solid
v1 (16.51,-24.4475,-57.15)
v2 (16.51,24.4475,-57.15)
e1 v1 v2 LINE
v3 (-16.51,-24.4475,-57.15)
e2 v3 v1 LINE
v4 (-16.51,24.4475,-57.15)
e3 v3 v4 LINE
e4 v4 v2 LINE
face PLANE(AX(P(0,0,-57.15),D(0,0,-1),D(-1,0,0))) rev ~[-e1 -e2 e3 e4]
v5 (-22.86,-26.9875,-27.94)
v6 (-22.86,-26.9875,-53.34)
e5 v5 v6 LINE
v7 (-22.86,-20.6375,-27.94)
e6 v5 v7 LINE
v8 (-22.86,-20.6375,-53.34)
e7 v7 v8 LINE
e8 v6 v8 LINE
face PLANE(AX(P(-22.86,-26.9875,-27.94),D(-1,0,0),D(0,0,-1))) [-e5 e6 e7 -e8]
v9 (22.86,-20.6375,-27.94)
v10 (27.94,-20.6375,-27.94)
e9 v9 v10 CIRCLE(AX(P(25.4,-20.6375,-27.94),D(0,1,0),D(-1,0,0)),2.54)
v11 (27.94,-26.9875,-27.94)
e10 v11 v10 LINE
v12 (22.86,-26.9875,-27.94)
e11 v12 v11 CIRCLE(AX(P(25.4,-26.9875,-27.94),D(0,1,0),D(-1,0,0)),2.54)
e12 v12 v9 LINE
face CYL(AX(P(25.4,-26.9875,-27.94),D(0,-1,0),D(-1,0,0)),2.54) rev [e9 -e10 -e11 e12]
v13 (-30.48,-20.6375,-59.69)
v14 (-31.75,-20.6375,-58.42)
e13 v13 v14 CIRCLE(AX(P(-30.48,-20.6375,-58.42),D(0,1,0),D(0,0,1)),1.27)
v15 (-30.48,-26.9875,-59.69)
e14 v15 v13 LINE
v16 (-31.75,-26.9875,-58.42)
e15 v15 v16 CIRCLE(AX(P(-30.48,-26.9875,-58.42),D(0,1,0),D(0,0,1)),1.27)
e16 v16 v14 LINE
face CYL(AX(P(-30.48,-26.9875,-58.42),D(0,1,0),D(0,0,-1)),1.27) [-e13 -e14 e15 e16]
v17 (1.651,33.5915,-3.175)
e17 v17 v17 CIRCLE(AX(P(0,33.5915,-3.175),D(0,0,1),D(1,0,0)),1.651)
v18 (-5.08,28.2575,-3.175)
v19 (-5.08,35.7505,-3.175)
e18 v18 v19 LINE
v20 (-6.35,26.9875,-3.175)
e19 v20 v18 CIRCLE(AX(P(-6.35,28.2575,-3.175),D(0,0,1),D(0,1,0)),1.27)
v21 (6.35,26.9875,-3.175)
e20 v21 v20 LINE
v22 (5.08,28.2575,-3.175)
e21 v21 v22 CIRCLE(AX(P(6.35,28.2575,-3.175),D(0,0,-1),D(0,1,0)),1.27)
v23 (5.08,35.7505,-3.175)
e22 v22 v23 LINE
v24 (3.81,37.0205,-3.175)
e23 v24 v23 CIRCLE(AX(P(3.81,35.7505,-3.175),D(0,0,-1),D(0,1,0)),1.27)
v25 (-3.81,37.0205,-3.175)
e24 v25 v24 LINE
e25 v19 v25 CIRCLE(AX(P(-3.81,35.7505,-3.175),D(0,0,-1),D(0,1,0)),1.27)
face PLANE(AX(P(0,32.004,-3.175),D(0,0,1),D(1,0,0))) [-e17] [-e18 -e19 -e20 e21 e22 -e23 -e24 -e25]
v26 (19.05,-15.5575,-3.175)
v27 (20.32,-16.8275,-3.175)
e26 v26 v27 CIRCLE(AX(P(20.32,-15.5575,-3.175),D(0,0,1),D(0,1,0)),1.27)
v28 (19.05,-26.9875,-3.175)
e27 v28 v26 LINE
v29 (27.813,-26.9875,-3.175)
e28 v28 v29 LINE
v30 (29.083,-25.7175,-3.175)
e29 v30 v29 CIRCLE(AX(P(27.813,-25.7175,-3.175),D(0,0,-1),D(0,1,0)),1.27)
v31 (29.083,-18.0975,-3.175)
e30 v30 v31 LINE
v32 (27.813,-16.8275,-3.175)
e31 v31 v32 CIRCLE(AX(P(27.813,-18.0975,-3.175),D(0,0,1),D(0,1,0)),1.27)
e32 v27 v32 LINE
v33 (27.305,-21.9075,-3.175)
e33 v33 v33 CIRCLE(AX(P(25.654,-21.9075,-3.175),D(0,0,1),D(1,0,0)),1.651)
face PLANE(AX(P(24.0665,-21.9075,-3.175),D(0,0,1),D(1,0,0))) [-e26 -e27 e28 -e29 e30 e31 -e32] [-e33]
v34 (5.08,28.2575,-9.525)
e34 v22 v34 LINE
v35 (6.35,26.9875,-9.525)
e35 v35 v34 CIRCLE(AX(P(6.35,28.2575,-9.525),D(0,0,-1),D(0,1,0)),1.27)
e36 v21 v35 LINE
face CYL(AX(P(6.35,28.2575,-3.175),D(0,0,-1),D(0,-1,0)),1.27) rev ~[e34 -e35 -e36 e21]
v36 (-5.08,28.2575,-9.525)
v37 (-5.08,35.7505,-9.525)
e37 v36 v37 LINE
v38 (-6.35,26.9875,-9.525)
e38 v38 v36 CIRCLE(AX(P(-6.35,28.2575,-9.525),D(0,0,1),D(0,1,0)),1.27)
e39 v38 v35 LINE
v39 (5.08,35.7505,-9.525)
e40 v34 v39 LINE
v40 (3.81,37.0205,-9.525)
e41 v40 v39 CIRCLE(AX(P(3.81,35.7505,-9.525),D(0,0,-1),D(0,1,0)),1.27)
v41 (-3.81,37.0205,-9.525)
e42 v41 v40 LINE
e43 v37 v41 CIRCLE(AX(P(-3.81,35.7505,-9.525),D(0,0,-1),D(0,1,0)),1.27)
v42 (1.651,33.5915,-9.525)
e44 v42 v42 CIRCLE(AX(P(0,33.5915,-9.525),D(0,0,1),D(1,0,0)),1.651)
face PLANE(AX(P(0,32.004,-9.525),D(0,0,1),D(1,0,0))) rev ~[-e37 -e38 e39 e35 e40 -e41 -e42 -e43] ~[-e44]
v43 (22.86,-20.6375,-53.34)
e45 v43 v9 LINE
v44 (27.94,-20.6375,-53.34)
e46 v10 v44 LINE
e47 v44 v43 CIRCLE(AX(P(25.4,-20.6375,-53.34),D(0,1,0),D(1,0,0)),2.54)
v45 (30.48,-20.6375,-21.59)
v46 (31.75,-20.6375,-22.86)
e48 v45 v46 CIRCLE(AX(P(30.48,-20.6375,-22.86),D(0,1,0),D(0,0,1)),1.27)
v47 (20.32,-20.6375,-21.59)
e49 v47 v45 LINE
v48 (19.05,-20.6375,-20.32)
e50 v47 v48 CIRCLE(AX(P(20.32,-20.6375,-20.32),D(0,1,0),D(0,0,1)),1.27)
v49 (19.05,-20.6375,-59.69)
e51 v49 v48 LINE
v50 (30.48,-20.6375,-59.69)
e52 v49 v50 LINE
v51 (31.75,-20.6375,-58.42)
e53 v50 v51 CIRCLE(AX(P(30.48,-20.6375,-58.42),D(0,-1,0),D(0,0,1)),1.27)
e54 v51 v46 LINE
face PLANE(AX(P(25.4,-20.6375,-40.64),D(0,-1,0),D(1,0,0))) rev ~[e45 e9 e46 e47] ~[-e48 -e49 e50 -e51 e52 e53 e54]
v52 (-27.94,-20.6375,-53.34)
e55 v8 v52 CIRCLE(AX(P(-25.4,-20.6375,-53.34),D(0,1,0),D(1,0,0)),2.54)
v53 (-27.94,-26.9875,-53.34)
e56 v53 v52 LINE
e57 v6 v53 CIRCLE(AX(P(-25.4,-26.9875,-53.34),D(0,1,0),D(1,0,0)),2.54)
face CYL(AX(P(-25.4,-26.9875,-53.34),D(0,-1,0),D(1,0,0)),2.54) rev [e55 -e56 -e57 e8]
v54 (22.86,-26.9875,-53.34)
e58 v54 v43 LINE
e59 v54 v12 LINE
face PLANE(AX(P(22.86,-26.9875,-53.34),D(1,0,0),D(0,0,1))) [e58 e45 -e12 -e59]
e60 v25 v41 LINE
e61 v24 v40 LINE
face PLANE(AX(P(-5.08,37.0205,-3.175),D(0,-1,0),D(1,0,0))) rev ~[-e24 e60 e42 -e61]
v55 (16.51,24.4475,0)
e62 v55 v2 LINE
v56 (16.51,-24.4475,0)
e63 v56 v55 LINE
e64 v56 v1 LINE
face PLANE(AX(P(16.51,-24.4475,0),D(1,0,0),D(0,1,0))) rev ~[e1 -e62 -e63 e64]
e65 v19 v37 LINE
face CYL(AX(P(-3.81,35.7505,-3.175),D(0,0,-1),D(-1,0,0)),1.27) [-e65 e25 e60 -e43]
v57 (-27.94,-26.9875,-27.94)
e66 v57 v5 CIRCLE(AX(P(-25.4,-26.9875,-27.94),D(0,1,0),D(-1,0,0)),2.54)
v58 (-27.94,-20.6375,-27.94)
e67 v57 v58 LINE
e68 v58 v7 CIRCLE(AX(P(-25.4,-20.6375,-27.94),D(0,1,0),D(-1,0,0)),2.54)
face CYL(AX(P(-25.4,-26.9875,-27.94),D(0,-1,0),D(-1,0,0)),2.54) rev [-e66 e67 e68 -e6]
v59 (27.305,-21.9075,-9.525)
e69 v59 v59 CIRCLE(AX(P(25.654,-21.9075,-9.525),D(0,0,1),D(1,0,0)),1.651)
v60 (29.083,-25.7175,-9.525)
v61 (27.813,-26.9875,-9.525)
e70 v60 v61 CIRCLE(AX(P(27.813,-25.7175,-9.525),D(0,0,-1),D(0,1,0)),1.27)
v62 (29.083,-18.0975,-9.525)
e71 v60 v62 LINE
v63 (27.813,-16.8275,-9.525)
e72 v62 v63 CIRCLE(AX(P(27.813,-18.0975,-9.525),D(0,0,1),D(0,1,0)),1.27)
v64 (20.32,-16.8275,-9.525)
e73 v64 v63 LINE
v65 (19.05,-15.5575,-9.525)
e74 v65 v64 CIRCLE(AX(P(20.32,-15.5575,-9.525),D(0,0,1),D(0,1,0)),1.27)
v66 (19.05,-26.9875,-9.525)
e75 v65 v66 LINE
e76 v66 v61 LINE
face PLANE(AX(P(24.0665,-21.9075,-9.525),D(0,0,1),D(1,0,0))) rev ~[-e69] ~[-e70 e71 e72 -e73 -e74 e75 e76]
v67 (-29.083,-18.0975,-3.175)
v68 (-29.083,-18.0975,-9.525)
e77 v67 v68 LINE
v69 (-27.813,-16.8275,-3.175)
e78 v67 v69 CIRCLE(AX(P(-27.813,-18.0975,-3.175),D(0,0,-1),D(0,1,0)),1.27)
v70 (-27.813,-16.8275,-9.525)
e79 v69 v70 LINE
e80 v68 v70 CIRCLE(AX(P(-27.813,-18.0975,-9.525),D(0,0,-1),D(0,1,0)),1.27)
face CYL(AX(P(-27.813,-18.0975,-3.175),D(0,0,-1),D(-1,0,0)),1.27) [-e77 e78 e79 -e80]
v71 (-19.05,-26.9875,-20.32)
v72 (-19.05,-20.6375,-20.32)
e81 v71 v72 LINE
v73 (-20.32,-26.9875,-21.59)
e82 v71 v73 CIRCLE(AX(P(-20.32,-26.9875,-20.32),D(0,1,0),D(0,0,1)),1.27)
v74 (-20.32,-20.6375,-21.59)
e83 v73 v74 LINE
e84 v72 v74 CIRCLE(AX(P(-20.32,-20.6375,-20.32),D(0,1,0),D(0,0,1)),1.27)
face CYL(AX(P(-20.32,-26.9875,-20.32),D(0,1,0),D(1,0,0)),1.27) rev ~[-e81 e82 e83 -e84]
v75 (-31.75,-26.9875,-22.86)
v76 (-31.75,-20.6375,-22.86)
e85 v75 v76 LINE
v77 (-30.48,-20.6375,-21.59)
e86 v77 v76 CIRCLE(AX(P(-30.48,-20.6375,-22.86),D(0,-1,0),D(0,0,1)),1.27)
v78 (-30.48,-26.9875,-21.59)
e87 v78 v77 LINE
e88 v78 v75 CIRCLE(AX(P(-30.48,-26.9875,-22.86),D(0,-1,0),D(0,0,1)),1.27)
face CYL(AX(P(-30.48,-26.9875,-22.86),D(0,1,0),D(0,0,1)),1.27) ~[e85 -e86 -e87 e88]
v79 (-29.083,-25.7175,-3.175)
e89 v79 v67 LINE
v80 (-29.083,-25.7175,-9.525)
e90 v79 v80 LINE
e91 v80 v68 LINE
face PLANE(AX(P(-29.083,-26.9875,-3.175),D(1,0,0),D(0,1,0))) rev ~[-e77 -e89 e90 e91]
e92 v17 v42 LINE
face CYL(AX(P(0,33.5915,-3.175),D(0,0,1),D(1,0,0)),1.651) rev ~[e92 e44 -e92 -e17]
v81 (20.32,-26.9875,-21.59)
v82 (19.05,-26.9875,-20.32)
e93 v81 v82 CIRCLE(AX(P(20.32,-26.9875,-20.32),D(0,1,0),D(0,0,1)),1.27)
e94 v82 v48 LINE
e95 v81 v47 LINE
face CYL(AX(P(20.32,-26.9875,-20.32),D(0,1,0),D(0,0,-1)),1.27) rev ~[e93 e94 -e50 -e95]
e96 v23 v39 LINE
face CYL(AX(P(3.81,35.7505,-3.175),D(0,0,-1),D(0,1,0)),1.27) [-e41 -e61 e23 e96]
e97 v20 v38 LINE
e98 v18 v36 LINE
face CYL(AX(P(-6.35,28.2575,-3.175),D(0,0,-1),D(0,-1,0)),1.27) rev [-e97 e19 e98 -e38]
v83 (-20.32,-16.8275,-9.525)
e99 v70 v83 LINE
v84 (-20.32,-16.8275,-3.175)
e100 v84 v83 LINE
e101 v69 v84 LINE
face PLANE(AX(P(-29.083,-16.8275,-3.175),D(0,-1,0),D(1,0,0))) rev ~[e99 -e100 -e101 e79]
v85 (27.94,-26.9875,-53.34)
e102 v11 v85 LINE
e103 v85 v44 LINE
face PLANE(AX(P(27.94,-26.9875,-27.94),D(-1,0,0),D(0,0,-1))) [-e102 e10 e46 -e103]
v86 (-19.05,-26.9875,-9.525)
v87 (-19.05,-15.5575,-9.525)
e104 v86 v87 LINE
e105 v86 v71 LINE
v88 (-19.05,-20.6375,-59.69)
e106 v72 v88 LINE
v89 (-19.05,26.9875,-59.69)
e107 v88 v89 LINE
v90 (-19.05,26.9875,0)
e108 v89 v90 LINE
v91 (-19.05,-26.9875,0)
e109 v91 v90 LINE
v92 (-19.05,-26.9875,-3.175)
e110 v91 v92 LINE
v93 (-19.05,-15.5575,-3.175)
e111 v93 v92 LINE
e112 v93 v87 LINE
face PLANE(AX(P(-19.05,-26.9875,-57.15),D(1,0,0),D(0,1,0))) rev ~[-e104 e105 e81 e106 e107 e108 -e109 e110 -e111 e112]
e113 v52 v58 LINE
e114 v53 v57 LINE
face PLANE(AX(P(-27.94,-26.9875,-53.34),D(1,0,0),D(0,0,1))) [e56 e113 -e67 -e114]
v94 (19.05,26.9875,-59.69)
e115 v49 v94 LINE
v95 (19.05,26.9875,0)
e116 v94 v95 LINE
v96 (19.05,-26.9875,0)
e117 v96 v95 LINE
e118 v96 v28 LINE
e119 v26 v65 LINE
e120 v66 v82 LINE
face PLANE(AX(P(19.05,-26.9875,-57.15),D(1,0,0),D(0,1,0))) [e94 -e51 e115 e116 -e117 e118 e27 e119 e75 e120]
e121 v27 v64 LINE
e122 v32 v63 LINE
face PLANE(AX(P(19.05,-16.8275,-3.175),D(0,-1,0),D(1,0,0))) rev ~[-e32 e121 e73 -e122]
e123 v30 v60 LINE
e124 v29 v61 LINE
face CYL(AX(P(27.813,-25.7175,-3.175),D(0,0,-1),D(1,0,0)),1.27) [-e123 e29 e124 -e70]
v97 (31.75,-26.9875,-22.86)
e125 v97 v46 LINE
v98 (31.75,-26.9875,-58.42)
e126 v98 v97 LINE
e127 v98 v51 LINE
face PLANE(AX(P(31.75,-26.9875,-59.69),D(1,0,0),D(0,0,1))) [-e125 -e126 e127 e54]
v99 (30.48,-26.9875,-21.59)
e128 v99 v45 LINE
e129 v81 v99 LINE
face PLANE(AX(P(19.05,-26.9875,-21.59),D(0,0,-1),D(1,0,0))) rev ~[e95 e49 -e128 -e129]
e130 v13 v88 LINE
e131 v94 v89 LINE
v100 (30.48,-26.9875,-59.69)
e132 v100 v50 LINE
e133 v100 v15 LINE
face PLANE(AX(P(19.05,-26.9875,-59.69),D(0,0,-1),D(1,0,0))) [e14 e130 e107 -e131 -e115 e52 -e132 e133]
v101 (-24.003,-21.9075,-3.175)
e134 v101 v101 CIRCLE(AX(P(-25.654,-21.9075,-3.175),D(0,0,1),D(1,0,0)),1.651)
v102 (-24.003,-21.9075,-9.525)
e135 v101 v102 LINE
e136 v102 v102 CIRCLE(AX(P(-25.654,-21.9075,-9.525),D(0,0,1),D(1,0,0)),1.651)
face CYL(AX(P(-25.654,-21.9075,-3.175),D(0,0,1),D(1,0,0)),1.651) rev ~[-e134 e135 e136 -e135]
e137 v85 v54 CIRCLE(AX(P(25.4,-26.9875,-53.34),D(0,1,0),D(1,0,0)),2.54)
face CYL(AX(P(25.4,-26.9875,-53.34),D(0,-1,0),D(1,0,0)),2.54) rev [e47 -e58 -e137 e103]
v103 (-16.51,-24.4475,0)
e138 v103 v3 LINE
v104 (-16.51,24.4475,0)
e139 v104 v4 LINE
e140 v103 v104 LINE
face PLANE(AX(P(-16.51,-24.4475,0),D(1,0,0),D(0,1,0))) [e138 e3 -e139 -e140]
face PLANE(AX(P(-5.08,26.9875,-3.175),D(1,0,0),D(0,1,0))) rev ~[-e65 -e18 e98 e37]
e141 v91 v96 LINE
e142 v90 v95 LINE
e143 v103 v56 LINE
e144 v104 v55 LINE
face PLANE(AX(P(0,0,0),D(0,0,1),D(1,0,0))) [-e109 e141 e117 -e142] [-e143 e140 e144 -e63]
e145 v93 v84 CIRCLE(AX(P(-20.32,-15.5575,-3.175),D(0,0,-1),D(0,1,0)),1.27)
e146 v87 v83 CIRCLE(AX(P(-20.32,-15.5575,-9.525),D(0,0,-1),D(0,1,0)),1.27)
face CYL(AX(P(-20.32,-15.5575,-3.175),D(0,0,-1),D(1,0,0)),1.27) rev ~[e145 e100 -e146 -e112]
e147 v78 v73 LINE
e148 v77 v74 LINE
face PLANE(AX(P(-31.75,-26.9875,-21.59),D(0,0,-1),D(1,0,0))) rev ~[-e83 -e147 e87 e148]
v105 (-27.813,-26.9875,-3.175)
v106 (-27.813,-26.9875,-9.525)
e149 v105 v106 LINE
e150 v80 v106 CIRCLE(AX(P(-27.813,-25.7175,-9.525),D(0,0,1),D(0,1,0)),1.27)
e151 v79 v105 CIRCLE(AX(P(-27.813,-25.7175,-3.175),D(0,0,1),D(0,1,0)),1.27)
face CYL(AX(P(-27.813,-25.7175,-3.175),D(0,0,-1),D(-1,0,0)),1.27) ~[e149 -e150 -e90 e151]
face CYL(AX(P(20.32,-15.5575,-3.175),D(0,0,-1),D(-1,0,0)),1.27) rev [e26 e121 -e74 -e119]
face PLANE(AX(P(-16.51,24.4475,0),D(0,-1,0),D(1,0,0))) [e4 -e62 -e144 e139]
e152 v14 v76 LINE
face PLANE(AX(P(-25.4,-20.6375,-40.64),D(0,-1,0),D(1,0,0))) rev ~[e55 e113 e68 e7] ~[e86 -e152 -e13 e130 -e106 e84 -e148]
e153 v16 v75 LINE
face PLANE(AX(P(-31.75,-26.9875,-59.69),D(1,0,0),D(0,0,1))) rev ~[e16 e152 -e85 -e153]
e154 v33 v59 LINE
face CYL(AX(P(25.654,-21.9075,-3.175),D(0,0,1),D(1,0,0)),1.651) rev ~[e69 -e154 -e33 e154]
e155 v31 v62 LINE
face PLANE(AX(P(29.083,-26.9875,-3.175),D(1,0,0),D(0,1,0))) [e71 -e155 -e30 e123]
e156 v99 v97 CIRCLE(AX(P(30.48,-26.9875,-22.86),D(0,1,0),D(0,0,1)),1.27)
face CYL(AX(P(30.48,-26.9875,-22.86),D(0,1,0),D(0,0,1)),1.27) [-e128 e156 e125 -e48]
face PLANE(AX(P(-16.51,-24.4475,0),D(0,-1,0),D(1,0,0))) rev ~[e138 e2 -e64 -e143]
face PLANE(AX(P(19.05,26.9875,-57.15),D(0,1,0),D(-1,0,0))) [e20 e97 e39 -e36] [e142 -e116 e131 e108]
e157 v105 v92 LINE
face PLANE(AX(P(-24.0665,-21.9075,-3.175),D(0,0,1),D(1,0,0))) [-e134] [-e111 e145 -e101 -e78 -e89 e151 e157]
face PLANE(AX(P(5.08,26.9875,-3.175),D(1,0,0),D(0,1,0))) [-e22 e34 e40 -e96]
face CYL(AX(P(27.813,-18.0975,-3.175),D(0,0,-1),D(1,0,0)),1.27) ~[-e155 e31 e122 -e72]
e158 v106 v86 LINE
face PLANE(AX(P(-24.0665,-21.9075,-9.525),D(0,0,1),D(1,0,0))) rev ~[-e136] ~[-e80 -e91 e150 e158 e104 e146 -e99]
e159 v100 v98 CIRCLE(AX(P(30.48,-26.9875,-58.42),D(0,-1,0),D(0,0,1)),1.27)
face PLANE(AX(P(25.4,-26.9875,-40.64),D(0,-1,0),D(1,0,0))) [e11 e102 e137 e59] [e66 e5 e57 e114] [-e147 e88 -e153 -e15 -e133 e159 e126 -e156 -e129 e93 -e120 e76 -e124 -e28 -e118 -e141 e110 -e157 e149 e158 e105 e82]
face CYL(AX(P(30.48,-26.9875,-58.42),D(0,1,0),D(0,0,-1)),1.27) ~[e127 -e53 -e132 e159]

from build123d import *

# Parameters (mm, degrees)
SKETCH1_W           = 38.1
SKETCH1_H           = 53.975
SKETCH1_W_2         = 33.02
SKETCH1_H_2         = 48.895
BOSS_EXTRUDE1_DEPTH = 57.15
SKETCH2_W           = 38.1
SKETCH2_H           = 53.975
BOSS_EXTRUDE2_DEPTH = 2.54
SKETCH3_W           = 10.033
SKETCH3_H           = 10.16
SKETCH3_R           = 1.651
SKETCH3_W_2         = 10.16
SKETCH3_H_2         = 10.033
BOSS_EXTRUDE3_DEPTH = 6.35
SKETCH4_W           = 12.7
SKETCH4_H           = 38.1
BOSS_EXTRUDE4_DEPTH = 6.35
FILLET1_R           = 1.27


with BuildPart() as part:
    # Sketch1 → Boss-Extrude1 (new body)
    with BuildSketch(Plane.XY):
        Rectangle(SKETCH1_W, SKETCH1_H)
        Rectangle(SKETCH1_W_2, SKETCH1_H_2, mode=Mode.SUBTRACT)
    extrude(amount=-BOSS_EXTRUDE1_DEPTH)

    # Sketch2 → Boss-Extrude2 (add)
    with BuildSketch(Plane(origin=(0, 0, -57.15), x_dir=(-1, 0, 0), z_dir=(0, 0, -1))):
        Rectangle(SKETCH2_W, SKETCH2_H)
    extrude(amount=BOSS_EXTRUDE2_DEPTH)

    # Sketch3 → Boss-Extrude3 (add)
    # profile 1 of 3: a face of its own
    with BuildSketch(Plane.XY.offset(-3.175)):
        with Locations((-24.0665, -21.9075)):
            Rectangle(SKETCH3_W, SKETCH3_H)
        with Locations((-25.654, -21.9075)):
            Circle(SKETCH3_R, mode=Mode.SUBTRACT)
    # profile 2 of 3: a face of its own
    with BuildSketch(Plane.XY.offset(-3.175)):
        with Locations((24.0665, -21.9075)):
            Rectangle(SKETCH3_W, SKETCH3_H)
        with Locations((25.654, -21.9075)):
            Circle(SKETCH3_R, mode=Mode.SUBTRACT)
    # profile 3 of 3: a face of its own
    with BuildSketch(Plane.XY.offset(-3.175)):
        with Locations((0, 32.004)):
            Rectangle(SKETCH3_W_2, SKETCH3_H_2)
        with Locations((0, 33.5915)):
            Circle(SKETCH3_R, mode=Mode.SUBTRACT)
    extrude(amount=-BOSS_EXTRUDE3_DEPTH)

    # Sketch4 → Boss-Extrude4 (add)
    # profile 1 of 2: a face of its own
    with BuildSketch(Plane.XZ.offset(26.9875)):
        with Locations((25.4, -40.64)):
            Rectangle(SKETCH4_W, SKETCH4_H)
        with BuildLine():
            ThreePointArc((27.94, -53.34), (25.4, -55.88), (22.86, -53.34))
            Line((22.86, -53.34), (22.86, -27.94))
            ThreePointArc((22.86, -27.94), (25.4, -25.4), (27.94, -27.94))
            Line((27.94, -27.94), (27.94, -53.34))
        make_face(mode=Mode.SUBTRACT)
    # profile 2 of 2: a face of its own
    with BuildSketch(Plane.XZ.offset(26.9875)):
        with Locations((-25.4, -40.64)):
            Rectangle(SKETCH4_W, SKETCH4_H)
        with BuildLine():
            Line((-22.86, -27.94), (-22.86, -53.34))
            ThreePointArc((-22.86, -53.34), (-25.4, -55.88), (-27.94, -53.34))
            Line((-27.94, -53.34), (-27.94, -27.94))
            ThreePointArc((-27.94, -27.94), (-25.4, -25.4), (-22.86, -27.94))
        make_face(mode=Mode.SUBTRACT)
    extrude(amount=-BOSS_EXTRUDE4_DEPTH)

    # Fillet1
    fillet1_edges = [part.edges().sort_by_distance(p)[0] for p in [
        (-31.75, -23.8125, -59.69),
        (-31.75, -23.8125, -21.59),
        (-19.05, -23.8125, -21.59),
        (-29.083, -26.9875, -6.35),
        (-29.083, -16.8275, -6.35),
        (-19.05, -16.8275, -6.35),
        (19.05, -16.8275, -6.35),
        (29.083, -16.8275, -6.35),
        (29.083, -26.9875, -6.35),
        (5.08, 26.9875, -6.35),
        (-5.08, 26.9875, -6.35),
        (-5.08, 37.0205, -6.35),
        (5.08, 37.0205, -6.35),
        (31.75, -23.8125, -59.69),
        (19.05, -23.8125, -21.59),
        (31.75, -23.8125, -21.59),
    ]]
    fillet(fillet1_edges, radius=FILLET1_R)


solid = part.part
